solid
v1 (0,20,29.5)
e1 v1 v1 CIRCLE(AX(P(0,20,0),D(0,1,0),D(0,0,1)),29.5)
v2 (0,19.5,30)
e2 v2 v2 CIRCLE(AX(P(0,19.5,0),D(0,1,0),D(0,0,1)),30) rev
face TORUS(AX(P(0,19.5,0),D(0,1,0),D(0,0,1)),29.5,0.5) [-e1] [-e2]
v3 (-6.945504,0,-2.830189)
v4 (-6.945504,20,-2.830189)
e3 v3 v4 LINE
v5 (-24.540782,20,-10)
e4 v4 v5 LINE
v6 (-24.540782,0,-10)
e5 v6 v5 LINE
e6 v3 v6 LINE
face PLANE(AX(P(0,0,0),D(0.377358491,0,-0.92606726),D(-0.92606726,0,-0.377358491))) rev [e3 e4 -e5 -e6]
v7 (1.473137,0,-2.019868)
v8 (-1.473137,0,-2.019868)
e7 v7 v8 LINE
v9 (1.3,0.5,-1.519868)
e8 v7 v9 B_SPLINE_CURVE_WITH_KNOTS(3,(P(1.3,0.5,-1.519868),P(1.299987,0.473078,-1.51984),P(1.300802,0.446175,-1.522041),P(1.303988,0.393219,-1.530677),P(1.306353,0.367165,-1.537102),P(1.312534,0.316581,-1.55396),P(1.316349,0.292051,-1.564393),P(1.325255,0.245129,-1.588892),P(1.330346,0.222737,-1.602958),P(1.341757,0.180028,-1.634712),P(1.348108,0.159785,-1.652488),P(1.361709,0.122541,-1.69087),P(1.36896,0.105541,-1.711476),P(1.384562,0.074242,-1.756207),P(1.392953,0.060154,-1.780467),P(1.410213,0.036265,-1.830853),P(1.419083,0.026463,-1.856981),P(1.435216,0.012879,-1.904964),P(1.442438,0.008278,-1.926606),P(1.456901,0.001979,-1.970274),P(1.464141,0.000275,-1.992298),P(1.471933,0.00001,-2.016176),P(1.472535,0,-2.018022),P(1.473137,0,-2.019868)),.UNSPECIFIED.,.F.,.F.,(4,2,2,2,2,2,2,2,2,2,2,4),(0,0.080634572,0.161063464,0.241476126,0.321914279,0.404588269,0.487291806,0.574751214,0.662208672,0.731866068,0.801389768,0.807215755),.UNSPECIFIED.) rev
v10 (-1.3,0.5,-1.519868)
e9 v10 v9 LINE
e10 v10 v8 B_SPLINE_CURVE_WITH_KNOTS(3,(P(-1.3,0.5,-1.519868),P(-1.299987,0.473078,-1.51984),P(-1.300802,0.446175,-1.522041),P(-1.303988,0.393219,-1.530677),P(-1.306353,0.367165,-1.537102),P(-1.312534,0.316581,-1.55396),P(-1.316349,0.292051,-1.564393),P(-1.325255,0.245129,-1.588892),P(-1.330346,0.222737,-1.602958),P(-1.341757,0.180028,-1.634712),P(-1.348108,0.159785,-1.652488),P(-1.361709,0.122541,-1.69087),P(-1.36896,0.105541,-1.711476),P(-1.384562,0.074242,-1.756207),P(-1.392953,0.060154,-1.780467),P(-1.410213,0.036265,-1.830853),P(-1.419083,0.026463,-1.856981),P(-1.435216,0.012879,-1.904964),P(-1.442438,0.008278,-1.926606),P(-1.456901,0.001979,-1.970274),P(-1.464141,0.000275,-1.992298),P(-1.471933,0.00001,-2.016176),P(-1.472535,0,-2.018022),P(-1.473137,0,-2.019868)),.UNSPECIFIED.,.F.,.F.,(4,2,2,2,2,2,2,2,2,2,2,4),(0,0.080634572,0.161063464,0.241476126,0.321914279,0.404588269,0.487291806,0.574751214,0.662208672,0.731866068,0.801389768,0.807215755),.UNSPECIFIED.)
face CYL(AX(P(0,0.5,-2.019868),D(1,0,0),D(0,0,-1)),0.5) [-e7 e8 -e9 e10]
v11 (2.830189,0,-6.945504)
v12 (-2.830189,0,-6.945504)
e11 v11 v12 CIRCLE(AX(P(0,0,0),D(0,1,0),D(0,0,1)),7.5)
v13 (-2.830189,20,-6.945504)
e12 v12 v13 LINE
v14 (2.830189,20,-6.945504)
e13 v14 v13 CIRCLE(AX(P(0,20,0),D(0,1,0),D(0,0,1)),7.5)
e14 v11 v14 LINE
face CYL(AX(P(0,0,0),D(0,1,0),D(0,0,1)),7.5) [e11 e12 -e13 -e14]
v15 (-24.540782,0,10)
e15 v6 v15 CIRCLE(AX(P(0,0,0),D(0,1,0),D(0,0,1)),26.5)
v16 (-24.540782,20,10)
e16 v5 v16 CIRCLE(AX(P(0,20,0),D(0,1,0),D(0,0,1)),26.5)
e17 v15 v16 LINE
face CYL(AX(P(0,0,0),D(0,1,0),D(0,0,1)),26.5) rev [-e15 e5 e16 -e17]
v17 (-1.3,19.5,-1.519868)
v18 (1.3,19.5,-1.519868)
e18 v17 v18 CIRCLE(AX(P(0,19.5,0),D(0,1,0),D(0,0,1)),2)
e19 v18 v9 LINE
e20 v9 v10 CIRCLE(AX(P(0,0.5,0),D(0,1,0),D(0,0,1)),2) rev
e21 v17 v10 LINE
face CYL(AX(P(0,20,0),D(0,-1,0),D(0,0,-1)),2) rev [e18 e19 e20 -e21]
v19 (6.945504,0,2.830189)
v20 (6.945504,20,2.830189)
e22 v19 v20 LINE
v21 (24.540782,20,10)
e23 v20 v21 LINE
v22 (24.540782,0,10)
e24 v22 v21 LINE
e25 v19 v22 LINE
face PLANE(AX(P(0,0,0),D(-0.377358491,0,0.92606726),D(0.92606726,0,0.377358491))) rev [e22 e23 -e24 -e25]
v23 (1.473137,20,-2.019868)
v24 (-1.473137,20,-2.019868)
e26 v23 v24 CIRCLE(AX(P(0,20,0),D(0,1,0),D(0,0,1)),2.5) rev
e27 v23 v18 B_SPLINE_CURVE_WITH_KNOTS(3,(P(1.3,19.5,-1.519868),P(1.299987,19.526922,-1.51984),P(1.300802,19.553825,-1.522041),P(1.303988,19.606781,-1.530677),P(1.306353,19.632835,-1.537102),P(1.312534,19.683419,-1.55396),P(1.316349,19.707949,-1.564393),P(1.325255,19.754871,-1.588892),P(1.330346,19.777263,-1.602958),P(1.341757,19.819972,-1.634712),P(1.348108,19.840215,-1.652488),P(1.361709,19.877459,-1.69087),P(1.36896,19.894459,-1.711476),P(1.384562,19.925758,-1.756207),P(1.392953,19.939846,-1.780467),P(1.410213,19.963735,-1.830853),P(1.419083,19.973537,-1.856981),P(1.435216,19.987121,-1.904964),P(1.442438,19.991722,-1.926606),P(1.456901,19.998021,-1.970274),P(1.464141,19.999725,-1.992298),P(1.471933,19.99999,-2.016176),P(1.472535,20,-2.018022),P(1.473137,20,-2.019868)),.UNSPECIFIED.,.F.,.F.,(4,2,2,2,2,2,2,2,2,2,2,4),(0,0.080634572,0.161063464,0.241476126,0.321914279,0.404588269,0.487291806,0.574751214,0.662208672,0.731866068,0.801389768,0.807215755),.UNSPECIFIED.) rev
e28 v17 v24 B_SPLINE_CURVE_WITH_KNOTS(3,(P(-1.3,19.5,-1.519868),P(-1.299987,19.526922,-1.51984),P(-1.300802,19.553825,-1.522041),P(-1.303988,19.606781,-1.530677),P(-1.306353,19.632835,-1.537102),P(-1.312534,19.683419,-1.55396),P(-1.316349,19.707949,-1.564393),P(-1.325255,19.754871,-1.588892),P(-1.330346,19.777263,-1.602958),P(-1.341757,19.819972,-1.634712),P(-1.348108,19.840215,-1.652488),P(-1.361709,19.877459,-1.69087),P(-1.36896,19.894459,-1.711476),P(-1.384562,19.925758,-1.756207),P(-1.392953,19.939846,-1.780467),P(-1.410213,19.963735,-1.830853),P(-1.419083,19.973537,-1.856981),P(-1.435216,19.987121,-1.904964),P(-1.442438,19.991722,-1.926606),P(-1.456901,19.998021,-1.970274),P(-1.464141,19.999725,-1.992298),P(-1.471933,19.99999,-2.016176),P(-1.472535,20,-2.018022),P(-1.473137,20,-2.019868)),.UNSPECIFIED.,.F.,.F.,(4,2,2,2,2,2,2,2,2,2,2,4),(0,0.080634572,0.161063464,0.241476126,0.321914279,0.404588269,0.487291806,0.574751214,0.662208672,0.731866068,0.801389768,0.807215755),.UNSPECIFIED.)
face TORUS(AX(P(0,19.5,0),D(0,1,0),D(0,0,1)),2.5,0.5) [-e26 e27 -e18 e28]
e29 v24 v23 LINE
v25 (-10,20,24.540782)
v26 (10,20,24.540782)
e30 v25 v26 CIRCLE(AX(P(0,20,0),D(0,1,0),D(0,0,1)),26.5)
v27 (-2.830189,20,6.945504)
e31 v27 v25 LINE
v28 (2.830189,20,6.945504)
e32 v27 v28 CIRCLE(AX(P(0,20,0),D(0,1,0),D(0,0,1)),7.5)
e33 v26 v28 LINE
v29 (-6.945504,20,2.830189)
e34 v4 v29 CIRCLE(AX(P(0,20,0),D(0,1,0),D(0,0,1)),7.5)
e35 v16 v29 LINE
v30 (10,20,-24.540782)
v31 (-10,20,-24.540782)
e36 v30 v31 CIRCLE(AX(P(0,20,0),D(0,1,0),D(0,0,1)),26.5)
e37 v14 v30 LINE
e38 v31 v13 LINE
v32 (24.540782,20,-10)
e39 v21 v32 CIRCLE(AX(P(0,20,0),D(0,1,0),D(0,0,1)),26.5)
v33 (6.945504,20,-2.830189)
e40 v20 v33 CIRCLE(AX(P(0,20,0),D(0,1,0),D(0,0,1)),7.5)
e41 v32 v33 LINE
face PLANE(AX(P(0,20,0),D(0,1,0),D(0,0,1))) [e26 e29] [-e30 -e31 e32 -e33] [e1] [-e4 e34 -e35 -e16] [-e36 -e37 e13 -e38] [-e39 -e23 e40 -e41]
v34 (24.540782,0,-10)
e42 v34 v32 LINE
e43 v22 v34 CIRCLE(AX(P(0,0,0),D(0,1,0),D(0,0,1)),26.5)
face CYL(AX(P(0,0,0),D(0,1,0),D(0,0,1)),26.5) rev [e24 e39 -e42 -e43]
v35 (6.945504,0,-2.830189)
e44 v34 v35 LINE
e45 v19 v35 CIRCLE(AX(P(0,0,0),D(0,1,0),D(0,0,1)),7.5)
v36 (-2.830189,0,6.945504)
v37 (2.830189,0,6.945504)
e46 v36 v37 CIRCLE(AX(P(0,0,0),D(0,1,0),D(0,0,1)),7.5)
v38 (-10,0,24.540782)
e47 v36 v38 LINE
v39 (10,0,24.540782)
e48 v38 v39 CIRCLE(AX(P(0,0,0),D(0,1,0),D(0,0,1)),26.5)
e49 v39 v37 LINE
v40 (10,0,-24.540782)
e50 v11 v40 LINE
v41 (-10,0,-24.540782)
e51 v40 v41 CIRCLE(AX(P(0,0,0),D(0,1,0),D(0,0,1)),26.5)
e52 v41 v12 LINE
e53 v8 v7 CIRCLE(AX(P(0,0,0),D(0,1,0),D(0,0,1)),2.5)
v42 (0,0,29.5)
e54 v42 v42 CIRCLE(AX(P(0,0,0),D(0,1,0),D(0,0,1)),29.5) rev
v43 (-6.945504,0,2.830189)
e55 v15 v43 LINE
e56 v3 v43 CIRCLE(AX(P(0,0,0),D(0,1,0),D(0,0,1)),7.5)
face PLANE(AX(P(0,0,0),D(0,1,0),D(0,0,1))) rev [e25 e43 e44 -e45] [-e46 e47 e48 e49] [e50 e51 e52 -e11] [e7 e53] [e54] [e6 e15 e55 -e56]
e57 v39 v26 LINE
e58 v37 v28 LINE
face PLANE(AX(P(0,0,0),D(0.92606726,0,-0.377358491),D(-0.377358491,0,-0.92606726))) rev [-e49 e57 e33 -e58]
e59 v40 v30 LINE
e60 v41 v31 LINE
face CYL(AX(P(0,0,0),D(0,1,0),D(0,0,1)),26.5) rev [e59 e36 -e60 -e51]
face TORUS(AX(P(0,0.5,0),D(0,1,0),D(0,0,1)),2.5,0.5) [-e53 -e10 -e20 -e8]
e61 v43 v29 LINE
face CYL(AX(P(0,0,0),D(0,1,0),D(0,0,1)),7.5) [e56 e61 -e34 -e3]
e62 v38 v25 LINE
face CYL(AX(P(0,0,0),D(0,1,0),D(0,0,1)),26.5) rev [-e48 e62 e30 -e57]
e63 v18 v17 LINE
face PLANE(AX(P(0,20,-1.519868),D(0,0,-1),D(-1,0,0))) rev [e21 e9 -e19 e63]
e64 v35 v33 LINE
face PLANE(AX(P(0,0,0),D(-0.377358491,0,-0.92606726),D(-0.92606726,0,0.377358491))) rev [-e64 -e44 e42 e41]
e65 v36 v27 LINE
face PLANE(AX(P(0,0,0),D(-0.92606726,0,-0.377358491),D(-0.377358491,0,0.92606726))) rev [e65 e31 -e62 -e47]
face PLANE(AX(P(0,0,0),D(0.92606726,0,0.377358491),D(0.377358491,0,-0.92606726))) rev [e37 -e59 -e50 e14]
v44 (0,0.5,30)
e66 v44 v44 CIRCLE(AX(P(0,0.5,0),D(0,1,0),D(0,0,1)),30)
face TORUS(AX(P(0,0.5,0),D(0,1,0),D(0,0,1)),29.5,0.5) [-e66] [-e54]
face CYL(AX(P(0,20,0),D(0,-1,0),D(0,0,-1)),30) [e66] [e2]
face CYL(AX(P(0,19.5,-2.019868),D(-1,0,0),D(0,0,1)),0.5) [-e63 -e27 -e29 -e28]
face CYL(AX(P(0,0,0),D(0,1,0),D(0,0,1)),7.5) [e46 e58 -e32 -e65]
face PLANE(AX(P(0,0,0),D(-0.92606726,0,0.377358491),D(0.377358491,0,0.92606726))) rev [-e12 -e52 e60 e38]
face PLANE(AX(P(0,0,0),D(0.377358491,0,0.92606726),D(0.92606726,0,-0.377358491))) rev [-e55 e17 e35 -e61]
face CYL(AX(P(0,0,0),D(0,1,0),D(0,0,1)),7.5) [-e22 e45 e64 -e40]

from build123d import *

# Parameters (mm, degrees)
SKETCH1_R           = 30
BOSS_EXTRUDE1_DEPTH = 20
FILLET1_R           = 0.5
CUT_EXTRUDE1_DEPTH  = 20


with BuildPart() as part:
    # Sketch1 → Boss-Extrude1 (new body)
    with BuildSketch(Plane(origin=(0, 0, 0), x_dir=(1, 0, 0), z_dir=(0, 1, 0))):
        Circle(SKETCH1_R)
        with BuildLine():
            Line((-1.3, 1.519868415), (1.3, 1.519868415))
            ThreePointArc((1.3, 1.519868415), (0, -2), (-1.3, 1.519868415))
        make_face(mode=Mode.SUBTRACT)
    extrude(amount=BOSS_EXTRUDE1_DEPTH)

    # Fillet1
    fillet1_edges = [part.edges().sort_by_distance(p)[0] for p in [
        (0, 20, -1.519868415),
        (-30, 20, 0),
        (-30, 0, 0),
        (0, 0, -1.519868415),
        (0, 0, 2),
        (0, 20, 2),
    ]]
    fillet(fillet1_edges, radius=FILLET1_R)

    # Sketch3 → Cut-Extrude1 (cut)
    with BuildSketch(Plane(origin=(0, 20, 0), x_dir=(1, 0, 0), z_dir=(0, 1, 0))):
        with BuildLine():
            ThreePointArc((10, 24.540782384), (0, 26.5), (-10, 24.540782384))
            Line((-10, 24.540782384), (-2.830188679, 6.945504448))
            ThreePointArc((-2.830188679, 6.945504448), (0, 7.5), (2.830188679, 6.945504448))
            Line((2.830188679, 6.945504448), (10, 24.540782384))
        make_face()
        with BuildLine():
            Line((-6.945504448, 2.830188679), (-24.540782384, 10))
            ThreePointArc((-24.540782384, 10), (-26.5, 0), (-24.540782384, -10))
            Line((-24.540782384, -10), (-6.945504448, -2.830188679))
            ThreePointArc((-6.945504448, -2.830188679), (-7.5, 0), (-6.945504448, 2.830188679))
        make_face()
        with BuildLine():
            ThreePointArc((26.5, 0), (26.005583373, 5.095059707), (24.540782384, 10))
            Line((24.540782384, 10), (6.945504448, 2.830188679))
            ThreePointArc((6.945504448, 2.830188679), (7.360070766, 1.44199803), (7.5, 0))
            ThreePointArc((7.5, 0), (7.360070766, -1.44199803), (6.945504448, -2.830188679))
            Line((6.945504448, -2.830188679), (24.540782384, -10))
            ThreePointArc((24.540782384, -10), (26.005583373, -5.095059707), (26.5, 0))
        make_face()
        with BuildLine():
            Line((-2.830188679, -6.945504448), (-10, -24.540782384))
            ThreePointArc((-10, -24.540782384), (0, -26.5), (10, -24.540782384))
            Line((10, -24.540782384), (2.830188679, -6.945504448))
            ThreePointArc((2.830188679, -6.945504448), (0, -7.5), (-2.830188679, -6.945504448))
        make_face()
    extrude(amount=-CUT_EXTRUDE1_DEPTH, mode=Mode.SUBTRACT)


solid = part.part
